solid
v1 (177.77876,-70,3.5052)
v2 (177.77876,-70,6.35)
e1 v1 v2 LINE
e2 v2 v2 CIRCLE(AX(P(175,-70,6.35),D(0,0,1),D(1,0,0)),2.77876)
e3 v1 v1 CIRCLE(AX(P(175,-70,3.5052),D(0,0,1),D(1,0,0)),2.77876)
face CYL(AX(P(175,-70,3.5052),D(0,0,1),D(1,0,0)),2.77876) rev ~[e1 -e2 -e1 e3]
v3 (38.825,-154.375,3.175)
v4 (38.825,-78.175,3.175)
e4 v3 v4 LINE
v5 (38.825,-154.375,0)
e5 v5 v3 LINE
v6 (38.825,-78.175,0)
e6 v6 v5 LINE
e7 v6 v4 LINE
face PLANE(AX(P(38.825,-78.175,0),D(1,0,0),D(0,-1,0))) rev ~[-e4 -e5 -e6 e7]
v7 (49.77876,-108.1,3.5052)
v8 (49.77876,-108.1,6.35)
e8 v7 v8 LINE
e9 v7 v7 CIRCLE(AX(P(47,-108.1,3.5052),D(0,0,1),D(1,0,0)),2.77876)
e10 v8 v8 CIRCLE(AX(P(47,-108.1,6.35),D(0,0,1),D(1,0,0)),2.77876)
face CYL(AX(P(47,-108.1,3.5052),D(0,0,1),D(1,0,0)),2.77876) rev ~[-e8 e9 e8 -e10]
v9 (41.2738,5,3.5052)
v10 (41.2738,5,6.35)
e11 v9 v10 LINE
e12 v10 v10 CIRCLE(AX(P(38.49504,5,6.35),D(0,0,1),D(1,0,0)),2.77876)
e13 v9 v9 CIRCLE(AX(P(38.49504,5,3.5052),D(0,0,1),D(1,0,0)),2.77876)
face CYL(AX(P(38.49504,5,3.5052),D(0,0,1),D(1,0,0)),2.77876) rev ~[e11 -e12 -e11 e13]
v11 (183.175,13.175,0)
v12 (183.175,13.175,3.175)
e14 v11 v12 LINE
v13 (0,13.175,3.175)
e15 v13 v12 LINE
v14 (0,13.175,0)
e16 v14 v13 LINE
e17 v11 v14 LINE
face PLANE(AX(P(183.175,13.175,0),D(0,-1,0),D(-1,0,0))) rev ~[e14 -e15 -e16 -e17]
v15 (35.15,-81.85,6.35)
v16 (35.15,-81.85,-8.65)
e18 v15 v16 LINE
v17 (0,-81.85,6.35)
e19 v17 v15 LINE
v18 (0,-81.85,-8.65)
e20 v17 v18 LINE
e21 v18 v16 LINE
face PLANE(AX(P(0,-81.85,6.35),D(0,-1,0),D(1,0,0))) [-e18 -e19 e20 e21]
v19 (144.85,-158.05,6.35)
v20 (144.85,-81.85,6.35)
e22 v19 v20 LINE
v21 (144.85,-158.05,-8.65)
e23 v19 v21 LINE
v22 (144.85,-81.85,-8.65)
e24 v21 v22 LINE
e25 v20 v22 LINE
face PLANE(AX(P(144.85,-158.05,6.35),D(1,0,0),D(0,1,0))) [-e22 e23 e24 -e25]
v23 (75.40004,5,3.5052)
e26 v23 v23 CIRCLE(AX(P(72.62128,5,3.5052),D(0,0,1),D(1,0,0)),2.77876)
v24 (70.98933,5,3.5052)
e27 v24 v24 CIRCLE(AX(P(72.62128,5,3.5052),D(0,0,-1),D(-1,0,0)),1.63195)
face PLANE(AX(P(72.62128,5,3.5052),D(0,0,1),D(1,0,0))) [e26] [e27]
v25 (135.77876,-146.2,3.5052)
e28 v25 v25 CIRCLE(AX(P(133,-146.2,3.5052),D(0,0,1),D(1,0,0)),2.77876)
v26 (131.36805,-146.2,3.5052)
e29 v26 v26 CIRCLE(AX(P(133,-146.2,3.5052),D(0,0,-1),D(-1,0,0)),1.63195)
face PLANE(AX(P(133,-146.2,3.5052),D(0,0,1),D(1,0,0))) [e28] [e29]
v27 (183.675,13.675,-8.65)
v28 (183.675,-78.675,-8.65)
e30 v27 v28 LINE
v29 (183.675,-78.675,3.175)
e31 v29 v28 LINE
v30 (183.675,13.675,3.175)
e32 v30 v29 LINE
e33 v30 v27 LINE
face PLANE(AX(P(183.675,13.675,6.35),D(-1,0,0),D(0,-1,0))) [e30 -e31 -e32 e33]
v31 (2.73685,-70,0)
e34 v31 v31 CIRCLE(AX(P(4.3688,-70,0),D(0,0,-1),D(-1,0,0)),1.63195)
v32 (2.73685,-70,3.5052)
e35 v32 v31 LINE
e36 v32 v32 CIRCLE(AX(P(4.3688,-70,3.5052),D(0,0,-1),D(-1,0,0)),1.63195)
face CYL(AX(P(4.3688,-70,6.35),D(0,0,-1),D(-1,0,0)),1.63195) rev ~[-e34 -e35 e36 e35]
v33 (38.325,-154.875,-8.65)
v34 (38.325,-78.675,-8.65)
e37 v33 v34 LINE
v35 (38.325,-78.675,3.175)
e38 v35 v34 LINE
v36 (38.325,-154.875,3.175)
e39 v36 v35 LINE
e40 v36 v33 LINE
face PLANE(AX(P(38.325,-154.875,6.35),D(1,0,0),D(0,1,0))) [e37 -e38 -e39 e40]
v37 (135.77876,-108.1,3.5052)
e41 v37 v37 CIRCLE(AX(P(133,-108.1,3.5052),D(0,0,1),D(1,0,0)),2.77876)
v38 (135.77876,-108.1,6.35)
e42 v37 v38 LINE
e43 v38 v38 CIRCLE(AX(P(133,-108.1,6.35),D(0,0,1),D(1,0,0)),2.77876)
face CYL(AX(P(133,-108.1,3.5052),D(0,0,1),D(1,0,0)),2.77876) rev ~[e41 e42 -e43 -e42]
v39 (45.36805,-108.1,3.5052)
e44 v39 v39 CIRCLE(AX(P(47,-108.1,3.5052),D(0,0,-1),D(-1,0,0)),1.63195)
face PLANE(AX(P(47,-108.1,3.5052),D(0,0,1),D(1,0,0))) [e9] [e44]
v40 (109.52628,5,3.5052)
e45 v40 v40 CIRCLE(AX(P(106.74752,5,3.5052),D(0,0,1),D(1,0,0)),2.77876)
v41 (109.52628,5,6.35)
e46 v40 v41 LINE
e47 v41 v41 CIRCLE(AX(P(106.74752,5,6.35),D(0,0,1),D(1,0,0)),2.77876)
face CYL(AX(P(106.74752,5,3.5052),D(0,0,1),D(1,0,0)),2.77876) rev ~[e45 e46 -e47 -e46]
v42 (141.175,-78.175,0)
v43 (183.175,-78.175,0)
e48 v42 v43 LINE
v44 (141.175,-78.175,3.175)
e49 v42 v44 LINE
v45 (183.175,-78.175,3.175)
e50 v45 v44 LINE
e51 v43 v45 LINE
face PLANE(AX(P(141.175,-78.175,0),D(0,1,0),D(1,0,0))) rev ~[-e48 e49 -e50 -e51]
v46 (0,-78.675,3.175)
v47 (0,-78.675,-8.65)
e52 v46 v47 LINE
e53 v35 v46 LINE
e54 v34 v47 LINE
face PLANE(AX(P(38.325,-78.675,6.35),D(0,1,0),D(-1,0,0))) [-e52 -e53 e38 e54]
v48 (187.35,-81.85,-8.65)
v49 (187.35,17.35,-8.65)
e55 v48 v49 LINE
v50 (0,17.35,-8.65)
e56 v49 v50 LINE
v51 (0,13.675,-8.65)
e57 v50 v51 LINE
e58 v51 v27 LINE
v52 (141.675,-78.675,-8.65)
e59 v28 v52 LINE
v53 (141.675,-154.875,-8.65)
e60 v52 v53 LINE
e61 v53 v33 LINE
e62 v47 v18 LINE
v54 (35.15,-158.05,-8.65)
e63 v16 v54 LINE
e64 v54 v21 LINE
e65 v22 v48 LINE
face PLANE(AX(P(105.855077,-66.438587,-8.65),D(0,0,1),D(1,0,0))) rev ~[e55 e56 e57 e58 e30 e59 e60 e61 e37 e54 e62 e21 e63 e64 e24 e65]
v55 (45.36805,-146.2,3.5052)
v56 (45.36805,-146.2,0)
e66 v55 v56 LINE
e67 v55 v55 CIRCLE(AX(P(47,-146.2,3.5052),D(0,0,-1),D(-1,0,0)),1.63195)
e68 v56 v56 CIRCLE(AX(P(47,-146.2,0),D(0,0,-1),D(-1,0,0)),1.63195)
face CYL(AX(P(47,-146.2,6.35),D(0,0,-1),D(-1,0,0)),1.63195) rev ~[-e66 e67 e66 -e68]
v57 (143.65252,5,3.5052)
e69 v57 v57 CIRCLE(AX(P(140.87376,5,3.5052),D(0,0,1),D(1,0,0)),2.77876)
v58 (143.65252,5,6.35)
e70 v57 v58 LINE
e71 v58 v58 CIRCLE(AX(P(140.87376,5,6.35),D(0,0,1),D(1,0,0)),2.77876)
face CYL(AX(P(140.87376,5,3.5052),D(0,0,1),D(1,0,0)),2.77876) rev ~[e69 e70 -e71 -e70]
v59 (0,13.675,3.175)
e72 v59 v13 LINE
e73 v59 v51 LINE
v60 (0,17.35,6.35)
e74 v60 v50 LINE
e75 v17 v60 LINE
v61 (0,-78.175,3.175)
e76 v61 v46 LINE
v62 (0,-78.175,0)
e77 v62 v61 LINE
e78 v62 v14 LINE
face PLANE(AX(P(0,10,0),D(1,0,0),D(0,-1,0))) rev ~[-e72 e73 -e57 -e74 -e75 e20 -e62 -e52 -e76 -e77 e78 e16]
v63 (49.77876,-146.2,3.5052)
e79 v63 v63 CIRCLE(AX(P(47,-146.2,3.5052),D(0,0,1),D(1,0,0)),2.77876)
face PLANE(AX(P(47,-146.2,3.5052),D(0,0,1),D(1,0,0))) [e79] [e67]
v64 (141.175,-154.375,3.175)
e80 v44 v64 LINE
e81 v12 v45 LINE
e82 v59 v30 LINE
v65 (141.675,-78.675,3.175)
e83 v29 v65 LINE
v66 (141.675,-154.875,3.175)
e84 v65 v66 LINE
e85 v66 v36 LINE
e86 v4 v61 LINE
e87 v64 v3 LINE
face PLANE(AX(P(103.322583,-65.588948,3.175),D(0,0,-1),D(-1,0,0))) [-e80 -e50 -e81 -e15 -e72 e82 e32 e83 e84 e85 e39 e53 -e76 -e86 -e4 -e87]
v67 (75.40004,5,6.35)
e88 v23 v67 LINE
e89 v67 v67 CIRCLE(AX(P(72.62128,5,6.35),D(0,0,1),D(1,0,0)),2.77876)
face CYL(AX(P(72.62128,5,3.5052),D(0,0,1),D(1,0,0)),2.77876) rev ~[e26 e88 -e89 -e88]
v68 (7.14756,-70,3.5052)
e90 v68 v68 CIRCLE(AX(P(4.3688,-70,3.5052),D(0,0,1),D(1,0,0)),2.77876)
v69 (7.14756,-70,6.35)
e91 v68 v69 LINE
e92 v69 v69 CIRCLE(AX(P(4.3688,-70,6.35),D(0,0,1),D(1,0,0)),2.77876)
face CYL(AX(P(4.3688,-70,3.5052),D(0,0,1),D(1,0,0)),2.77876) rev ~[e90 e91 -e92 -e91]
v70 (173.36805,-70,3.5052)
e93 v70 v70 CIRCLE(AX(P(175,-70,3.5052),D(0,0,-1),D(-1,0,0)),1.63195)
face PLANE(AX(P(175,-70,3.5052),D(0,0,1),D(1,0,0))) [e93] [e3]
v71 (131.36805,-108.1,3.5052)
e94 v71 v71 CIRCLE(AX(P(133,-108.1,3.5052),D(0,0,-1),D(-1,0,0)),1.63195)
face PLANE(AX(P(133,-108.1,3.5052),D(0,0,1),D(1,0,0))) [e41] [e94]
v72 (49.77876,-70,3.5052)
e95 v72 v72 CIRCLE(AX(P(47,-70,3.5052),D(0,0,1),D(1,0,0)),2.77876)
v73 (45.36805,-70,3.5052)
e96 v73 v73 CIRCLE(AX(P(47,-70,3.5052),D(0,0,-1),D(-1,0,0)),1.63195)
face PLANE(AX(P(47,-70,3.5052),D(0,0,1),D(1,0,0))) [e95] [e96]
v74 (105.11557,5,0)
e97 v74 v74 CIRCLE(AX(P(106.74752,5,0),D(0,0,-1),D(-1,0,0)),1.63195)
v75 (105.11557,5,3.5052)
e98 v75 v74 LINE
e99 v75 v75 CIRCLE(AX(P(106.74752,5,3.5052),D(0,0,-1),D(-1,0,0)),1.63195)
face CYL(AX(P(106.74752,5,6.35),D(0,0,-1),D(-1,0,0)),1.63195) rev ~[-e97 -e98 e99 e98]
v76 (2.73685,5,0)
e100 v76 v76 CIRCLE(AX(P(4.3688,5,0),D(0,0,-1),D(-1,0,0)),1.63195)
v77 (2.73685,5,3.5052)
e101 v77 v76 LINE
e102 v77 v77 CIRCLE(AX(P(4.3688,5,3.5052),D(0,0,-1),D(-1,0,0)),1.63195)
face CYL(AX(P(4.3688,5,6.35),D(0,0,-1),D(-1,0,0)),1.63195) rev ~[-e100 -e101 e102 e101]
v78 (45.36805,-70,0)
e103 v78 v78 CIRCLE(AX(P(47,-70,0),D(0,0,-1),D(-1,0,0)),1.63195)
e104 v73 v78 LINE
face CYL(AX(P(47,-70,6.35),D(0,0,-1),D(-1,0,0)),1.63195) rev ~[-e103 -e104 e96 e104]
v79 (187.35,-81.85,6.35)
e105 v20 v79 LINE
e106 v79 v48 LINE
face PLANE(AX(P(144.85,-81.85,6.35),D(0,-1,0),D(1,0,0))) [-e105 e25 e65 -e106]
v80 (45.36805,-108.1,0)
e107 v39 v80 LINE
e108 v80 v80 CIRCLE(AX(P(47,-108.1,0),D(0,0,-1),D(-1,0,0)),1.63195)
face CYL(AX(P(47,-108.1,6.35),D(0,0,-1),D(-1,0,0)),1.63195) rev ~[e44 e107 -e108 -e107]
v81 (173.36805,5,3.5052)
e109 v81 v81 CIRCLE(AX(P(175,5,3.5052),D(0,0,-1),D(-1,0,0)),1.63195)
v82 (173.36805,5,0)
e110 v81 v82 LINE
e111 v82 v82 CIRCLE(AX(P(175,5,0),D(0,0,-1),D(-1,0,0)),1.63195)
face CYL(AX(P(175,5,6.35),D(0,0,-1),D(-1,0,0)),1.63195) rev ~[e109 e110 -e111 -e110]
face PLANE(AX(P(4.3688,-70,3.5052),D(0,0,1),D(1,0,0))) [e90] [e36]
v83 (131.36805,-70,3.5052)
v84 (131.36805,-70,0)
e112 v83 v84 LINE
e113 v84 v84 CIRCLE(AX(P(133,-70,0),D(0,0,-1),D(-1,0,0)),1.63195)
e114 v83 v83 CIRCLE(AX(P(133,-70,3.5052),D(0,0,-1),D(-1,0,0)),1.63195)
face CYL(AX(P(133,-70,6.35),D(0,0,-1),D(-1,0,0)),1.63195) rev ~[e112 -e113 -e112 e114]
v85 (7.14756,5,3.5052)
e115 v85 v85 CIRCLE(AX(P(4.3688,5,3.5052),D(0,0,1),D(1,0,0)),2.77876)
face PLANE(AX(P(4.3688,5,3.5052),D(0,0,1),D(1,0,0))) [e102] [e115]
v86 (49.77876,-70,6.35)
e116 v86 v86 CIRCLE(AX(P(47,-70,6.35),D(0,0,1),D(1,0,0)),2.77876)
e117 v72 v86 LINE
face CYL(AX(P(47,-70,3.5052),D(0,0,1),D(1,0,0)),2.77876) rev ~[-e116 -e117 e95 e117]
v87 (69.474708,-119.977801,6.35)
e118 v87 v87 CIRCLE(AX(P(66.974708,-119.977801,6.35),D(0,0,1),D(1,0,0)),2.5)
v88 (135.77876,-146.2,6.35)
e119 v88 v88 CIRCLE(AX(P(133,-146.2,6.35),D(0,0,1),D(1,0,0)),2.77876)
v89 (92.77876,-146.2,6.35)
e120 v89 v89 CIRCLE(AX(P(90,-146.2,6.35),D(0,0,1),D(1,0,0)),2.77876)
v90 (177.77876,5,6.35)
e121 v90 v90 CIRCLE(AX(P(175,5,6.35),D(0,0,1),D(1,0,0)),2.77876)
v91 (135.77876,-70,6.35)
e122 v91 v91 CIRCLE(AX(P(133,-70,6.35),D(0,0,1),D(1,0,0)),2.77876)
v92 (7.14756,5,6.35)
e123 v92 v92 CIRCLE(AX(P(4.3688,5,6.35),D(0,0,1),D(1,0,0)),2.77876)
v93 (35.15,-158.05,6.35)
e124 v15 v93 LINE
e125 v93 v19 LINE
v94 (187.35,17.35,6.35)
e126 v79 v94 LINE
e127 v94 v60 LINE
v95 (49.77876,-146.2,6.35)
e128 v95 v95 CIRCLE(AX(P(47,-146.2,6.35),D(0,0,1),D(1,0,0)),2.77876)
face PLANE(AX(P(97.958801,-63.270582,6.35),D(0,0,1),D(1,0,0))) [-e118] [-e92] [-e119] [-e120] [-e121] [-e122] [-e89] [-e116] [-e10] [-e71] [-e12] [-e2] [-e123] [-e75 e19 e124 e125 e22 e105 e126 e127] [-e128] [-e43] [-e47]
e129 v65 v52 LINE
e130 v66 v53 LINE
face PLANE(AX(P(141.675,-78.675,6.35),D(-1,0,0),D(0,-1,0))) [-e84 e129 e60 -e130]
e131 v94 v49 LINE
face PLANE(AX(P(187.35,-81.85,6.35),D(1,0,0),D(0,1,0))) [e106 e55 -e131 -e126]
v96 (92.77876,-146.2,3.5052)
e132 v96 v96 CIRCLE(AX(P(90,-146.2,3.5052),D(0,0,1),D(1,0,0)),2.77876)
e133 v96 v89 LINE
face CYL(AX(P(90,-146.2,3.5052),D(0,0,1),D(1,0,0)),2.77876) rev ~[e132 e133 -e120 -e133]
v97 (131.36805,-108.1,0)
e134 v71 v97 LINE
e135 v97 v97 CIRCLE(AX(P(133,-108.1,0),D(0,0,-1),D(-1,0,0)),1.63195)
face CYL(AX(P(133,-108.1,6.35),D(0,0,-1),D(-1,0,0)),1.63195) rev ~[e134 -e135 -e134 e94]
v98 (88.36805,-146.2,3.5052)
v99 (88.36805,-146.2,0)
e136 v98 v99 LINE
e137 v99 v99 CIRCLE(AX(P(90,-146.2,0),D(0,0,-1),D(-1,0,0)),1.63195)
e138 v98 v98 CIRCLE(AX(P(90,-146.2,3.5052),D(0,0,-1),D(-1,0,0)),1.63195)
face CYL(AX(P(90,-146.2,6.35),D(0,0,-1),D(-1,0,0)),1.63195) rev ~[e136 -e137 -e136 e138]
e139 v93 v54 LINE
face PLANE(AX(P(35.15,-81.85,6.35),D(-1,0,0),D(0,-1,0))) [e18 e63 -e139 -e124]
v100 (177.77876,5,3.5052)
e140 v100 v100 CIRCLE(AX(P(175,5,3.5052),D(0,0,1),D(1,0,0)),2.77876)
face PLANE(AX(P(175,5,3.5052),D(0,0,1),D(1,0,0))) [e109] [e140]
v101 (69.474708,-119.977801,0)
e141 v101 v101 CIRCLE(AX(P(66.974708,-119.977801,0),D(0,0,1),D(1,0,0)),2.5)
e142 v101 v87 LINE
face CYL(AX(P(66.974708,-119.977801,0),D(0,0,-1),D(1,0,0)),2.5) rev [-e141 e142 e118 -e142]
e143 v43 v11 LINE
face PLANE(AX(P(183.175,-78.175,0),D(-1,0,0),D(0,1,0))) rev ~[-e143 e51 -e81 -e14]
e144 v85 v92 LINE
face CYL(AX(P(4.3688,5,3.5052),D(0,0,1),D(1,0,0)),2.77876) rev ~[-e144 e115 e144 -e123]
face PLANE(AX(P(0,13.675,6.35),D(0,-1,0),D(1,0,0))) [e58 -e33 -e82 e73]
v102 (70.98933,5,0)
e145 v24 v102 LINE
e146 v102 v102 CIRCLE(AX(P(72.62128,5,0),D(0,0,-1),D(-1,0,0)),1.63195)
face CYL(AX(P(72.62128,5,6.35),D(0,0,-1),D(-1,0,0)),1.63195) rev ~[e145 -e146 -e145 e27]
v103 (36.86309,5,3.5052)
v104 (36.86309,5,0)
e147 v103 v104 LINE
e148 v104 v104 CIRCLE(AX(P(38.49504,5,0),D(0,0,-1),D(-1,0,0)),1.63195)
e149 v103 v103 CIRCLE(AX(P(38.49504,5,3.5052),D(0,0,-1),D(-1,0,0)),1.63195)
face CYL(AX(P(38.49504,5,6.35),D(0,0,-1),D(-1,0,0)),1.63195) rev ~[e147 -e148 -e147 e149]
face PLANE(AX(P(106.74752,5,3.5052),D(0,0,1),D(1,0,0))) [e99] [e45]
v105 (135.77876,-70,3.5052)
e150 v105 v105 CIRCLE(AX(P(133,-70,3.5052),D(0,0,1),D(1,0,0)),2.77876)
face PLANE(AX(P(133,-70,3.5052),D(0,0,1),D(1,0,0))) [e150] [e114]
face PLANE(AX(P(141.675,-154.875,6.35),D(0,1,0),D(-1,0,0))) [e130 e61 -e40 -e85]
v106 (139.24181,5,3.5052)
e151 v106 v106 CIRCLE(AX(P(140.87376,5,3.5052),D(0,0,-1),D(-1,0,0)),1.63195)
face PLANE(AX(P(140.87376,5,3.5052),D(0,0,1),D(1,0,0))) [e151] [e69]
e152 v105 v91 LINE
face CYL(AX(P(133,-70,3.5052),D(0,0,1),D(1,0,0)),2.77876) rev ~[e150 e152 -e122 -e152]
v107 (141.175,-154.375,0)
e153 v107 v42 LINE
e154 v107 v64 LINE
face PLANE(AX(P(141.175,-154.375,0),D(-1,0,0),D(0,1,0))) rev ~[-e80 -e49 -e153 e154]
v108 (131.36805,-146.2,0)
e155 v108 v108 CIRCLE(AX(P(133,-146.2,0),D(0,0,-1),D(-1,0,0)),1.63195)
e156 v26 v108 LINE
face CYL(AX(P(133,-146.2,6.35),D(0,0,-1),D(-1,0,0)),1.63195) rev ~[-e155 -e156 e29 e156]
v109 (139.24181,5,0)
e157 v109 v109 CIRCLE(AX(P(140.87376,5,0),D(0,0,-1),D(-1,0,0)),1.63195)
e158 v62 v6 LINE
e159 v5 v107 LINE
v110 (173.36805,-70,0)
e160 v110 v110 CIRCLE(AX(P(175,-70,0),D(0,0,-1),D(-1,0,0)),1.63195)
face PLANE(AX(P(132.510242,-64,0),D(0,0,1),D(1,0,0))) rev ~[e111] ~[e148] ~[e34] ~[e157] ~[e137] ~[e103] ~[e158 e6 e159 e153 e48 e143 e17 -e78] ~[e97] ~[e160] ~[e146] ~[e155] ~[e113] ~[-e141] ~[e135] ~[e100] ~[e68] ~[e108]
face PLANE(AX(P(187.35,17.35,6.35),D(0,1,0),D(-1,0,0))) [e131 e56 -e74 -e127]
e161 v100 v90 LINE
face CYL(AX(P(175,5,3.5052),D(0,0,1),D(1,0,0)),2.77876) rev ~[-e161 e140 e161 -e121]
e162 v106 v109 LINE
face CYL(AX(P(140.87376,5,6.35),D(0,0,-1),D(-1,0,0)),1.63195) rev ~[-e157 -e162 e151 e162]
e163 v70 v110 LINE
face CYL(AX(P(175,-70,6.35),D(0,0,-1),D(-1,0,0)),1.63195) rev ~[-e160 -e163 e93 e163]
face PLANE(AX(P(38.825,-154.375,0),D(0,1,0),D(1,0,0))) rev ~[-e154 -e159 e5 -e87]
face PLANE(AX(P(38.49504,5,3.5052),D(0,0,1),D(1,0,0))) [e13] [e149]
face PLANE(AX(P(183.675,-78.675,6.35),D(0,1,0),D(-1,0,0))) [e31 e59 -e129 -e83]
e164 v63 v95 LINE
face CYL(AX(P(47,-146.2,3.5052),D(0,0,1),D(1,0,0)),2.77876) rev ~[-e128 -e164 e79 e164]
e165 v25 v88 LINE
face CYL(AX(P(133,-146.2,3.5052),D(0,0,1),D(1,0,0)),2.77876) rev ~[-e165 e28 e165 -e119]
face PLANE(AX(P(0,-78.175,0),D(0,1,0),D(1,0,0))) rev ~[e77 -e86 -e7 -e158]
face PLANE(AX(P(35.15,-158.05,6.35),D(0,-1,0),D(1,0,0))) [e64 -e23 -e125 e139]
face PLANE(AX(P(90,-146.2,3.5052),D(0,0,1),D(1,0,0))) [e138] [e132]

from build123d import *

# Parameters (mm, degrees)
SKETCH10_R                                     = 2.5
BOSS_EXTRUDE2_DEPTH                            = 6.35
CBORE_FOR_4_SOCKET_HEAD_CAP_SCREW1_D           = 3.2639
CBORE_FOR_4_SOCKET_HEAD_CAP_SCREW1_CBORE_D     = 5.55752
CBORE_FOR_4_SOCKET_HEAD_CAP_SCREW1_CBORE_DEPTH = 2.8448
BOSS_EXTRUDE3_START                            = 6.35
BOSS_EXTRUDE3_DEPTH                            = 15
BOSS_EXTRUDE6_START                            = 6.35
BOSS_EXTRUDE6_DEPTH                            = 3.175


with BuildPart() as part:
    # Sketch10 → Boss-Extrude2 (new body)
    # profile 1 of 10: a face of its own
    with BuildSketch(Plane.XY):
        Polygon((180, 10), (0, 10), (0, 0), (55.075212776, 0), (62.146280588, 0), (64.974707713, 0), (72.045775525, 0), (170, 0), (170, -65), (137.045775525, -65), (129.974707713, -65), (128, -65), (128, -141.2), (52, -141.2), (52, -65), (0, -65), (0, -75), (42, -75), (42, -151.2), (138, -151.2), (138, -75), (180, -75), align=None)
    # profile 2 of 10: a face of its own
    with BuildSketch(Plane.XY):
        Polygon((0, 13.175), (0, 10), (180, 10), (180, -75), (138, -75), (138, -151.2), (42, -151.2), (42, -75), (0, -75), (0, -78.175), (38.825, -78.175), (38.825, -154.375), (141.175, -154.375), (141.175, -78.175), (183.175, -78.175), (183.175, 13.175), align=None)
    # profile 3 of 10: a face of its own
    with BuildSketch(Plane.XY):
        Polygon((55.075212776, 0), (0, 0), (0, -65), (52, -65), (52, -141.2), (128, -141.2), (128, -65), (127.146280588, -65), (120.075212776, -65), (57.075212776, -2), align=None)
        with Locations((66.974707713, -119.977801383)):
            Circle(SKETCH10_R, mode=Mode.SUBTRACT)
    # profile 4 of 10: a face of its own
    with BuildSketch(Plane.XY):
        Polygon((62.146280588, 0), (55.075212776, 0), (57.075212776, -2), (64.146280588, -2), align=None)
    # profile 5 of 10: a face of its own
    with BuildSketch(Plane.XY):
        Polygon((64.974707713, 0), (62.146280588, 0), (64.146280588, -2), (127.146280588, -65), (128, -65), (129.974707713, -65), (127.974707713, -63), (66.974707713, -2), align=None)
    # profile 6 of 10: a face of its own
    with BuildSketch(Plane.XY):
        Polygon((64.146280588, -2), (57.075212776, -2), (120.075212776, -65), (127.146280588, -65), align=None)
    # profile 7 of 10: a face of its own
    with BuildSketch(Plane.XY):
        Polygon((72.045775525, 0), (64.974707713, 0), (66.974707713, -2), (74.045775525, -2), align=None)
    # profile 8 of 10: a face of its own
    with BuildSketch(Plane.XY):
        Polygon((170, 0), (72.045775525, 0), (74.045775525, -2), (135.045775525, -63), (137.045775525, -65), (170, -65), align=None)
    # profile 9 of 10: a face of its own
    with BuildSketch(Plane.XY):
        Polygon((74.045775525, -2), (66.974707713, -2), (127.974707713, -63), (135.045775525, -63), align=None)
    # profile 10 of 10: a face of its own
    with BuildSketch(Plane.XY):
        Polygon((135.045775525, -63), (127.974707713, -63), (129.974707713, -65), (137.045775525, -65), align=None)
    extrude(amount=BOSS_EXTRUDE2_DEPTH)

    # CBORE for #4 Socket Head Cap Screw1 (through all)
    with Locations(Plane(origin=(4.3688, 5, 6.35), x_dir=(1, 0, 0), z_dir=(0, 0, 1))):
        with Locations((0, 0), (34.12624, 0), (68.25248, 0), (102.37872, 0), (136.50496, 0), (170.6312, 0), (170.6312, -75), (128.6312, -75), (128.6312, -113.1), (128.6312, -151.2), (85.6312, -151.2), (42.6312, -151.2), (42.6312, -113.1), (42.6312, -75), (0, -75)):
            CounterBoreHole(CBORE_FOR_4_SOCKET_HEAD_CAP_SCREW1_D / 2, CBORE_FOR_4_SOCKET_HEAD_CAP_SCREW1_CBORE_D / 2, CBORE_FOR_4_SOCKET_HEAD_CAP_SCREW1_CBORE_DEPTH)



with BuildPart() as body_2:
    # Sketch13 → Boss-Extrude3 (new body)
    with BuildSketch(Plane.XY.offset(BOSS_EXTRUDE3_START)):
        Polygon((187.35, 17.35), (0, 17.35), (0, 13.675), (183.675, 13.675), (183.675, -78.675), (141.675, -78.675), (141.675, -154.875), (38.325, -154.875), (38.325, -78.675), (0, -78.675), (0, -81.85), (35.15, -81.85), (35.15, -158.05), (144.85, -158.05), (144.85, -81.85), (187.35, -81.85), align=None)
    extrude(amount=-BOSS_EXTRUDE3_DEPTH)


with BuildPart() as part_1:
    add(part.part)

    add(body_2.part)  # Boss-Extrude6 merges body 2
    # Sketch13<7> → Boss-Extrude6 (add)
    with BuildSketch(Plane.XY.offset(BOSS_EXTRUDE6_START)):
        Polygon((138, -75), (180, -75), (180, 10), (0, 10), (0, 13.175), (183.175, 13.175), (183.175, -78.175), (141.175, -78.175), (141.175, -154.375), (38.825, -154.375), (38.825, -78.175), (0, -78.175), (0, -75), (42, -75), (42, -151.2), (138, -151.2), align=None)
        Polygon((183.175, 13.175), (0, 13.175), (0, 13.675), (183.675, 13.675), (183.675, -78.675), (141.675, -78.675), (141.675, -154.875), (38.325, -154.875), (38.325, -78.675), (0, -78.675), (0, -78.175), (38.825, -78.175), (38.825, -154.375), (141.175, -154.375), (141.175, -78.175), (183.175, -78.175), align=None)
    extrude(amount=-BOSS_EXTRUDE6_DEPTH)


solid = part_1.part
